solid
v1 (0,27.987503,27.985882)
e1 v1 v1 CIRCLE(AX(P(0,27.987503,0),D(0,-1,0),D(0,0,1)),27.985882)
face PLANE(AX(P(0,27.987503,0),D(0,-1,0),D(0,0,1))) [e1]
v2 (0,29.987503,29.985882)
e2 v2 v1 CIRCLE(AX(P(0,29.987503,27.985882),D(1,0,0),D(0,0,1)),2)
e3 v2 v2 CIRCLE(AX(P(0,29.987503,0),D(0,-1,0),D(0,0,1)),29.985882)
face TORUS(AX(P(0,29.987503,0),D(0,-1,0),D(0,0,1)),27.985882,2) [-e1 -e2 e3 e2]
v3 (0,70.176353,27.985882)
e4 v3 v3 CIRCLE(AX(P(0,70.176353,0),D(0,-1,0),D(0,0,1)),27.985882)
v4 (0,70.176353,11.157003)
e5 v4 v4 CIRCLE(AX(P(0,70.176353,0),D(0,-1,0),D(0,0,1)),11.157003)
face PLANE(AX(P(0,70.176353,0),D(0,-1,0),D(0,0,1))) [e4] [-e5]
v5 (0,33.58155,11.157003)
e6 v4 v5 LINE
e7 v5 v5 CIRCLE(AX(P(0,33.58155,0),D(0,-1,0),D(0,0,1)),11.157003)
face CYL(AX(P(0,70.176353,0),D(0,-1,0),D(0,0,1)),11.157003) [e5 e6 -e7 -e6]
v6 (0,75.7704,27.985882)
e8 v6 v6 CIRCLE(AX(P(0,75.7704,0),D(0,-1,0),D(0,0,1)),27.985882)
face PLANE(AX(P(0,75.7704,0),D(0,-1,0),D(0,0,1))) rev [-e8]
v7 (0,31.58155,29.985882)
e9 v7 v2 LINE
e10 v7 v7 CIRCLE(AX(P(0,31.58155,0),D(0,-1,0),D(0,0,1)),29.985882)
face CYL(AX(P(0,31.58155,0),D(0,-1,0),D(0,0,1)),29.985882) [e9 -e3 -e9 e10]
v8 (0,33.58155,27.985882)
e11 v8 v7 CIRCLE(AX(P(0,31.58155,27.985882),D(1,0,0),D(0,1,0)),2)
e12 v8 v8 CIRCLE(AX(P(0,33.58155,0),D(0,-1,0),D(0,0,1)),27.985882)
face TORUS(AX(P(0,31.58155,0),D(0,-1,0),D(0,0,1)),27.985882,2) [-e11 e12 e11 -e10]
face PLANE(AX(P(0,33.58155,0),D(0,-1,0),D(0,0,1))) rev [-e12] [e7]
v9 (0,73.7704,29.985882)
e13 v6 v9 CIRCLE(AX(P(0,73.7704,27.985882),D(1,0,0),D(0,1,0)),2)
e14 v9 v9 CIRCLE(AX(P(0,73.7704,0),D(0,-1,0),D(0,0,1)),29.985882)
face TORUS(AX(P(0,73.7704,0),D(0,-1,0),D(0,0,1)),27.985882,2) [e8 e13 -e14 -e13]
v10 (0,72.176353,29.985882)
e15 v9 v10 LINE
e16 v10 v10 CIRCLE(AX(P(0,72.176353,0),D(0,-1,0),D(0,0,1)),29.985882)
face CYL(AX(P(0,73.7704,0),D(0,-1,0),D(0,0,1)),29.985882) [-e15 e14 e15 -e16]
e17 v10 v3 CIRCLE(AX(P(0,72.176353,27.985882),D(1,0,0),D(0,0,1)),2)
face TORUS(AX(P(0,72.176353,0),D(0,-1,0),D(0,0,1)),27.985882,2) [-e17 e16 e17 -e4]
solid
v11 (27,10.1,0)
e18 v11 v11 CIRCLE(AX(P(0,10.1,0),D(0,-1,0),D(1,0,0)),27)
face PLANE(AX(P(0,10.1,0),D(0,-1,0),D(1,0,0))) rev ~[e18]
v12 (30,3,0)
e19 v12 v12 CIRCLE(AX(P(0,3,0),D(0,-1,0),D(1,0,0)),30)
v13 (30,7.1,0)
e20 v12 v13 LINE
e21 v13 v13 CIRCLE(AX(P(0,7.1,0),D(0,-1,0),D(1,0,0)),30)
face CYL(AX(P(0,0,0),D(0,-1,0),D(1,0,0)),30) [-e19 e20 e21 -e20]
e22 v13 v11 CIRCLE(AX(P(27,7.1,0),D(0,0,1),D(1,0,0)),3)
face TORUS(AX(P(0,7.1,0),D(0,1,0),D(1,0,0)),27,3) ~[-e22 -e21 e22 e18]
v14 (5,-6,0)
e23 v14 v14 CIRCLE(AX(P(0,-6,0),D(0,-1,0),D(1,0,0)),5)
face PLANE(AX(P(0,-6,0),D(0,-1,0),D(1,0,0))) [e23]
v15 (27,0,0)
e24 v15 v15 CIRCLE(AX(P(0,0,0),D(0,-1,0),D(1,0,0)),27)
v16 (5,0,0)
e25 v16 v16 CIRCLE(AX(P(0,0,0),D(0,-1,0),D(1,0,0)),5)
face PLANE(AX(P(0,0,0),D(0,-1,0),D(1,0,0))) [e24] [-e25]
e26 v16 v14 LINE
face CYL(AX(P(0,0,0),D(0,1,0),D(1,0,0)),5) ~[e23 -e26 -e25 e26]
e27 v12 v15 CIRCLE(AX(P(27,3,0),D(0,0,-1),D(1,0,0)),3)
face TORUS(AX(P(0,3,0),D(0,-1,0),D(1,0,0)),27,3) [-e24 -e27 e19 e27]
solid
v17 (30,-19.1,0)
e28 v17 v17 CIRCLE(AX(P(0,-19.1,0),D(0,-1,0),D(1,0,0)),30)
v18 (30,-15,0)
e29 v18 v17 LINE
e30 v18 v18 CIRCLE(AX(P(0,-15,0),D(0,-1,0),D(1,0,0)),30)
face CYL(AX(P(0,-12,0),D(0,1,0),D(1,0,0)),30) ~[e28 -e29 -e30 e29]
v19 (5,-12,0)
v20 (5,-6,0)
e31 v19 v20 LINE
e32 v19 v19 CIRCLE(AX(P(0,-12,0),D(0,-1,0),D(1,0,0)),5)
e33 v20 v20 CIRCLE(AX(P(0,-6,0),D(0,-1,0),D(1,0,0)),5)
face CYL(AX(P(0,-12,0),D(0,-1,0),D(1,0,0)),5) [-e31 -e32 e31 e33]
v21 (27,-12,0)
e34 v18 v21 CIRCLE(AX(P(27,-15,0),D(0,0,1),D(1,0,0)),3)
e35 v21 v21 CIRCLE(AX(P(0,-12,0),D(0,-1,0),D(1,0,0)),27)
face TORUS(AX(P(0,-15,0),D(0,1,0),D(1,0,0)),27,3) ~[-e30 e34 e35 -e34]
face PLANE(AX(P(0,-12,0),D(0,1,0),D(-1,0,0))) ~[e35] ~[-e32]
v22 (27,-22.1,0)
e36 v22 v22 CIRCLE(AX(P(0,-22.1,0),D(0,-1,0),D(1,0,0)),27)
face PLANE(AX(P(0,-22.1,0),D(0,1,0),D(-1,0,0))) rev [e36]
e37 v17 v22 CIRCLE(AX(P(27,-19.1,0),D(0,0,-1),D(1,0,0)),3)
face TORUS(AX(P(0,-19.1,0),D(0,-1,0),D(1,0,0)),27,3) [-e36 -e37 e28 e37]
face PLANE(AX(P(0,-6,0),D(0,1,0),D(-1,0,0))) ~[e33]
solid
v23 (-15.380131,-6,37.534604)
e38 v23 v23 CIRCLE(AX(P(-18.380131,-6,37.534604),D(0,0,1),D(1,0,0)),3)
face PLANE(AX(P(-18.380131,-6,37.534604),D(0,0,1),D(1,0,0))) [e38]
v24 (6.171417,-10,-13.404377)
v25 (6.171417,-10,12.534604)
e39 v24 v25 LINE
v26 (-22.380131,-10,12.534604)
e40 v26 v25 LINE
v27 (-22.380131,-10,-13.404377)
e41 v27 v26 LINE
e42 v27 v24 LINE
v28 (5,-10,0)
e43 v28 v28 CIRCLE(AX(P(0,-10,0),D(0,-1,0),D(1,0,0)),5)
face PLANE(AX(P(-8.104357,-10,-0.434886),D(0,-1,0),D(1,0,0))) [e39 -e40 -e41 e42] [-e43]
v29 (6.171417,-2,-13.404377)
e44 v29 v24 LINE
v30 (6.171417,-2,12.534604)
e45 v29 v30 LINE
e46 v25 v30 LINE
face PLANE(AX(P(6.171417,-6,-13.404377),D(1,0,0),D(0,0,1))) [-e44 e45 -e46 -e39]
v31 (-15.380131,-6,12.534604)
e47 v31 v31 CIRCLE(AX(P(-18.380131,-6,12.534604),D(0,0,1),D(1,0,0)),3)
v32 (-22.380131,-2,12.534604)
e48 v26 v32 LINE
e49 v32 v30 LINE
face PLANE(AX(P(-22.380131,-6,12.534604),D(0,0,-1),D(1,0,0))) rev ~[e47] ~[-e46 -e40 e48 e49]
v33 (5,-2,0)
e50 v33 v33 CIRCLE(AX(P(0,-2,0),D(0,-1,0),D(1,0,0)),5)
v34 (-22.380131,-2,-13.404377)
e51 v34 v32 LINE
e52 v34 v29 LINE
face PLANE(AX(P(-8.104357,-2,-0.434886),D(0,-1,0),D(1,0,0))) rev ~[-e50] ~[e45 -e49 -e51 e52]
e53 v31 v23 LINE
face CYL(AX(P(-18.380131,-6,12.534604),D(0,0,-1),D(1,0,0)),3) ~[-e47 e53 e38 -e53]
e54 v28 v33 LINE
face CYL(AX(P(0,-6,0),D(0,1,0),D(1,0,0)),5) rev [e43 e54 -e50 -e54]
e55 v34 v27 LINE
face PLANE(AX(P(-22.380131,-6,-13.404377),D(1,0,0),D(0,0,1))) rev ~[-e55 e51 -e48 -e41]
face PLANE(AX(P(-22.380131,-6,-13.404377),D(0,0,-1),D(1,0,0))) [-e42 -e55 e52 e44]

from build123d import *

# Parameters (mm, degrees)
F0_R     = 30
F1_DEPTH = 10.1
F2_R     = 3
F3_R     = 5
F4_DEPTH = 6
F6_W     = 28.5515487194
F6_H     = 25.9389816783
F6_R     = 5
F7_DEPTH = 4
F8_R     = 3
F9_DEPTH = 25


with BuildPart() as f1:
    # F0 (on Front) → F1 (new body)
    with BuildSketch(Plane.XZ):
        Circle(F0_R)
    extrude(amount=-F1_DEPTH)

    # F2
    f2_edges = [f1.edges().sort_by_distance(p)[0] for p in [
        (-30, 10.1, 0),
        (-30, 0, 0),
    ]]
    fillet(f2_edges, radius=F2_R)

    # F3 (on face) → F4 (join)
    with BuildSketch(Plane.XZ):
        Circle(F3_R)
    extrude(amount=F4_DEPTH)


with BuildPart() as f5_1:
    # F5: instance of F1
    add(f1.part.mirror(Plane.XZ.offset(6)))


with BuildPart() as f7:
    # F6 (on face) → F7 (new body, symmetric)
    with BuildSketch(Plane.XZ.offset(6)):
        with Locations((-8.1043570535, -0.4348864313)):
            Rectangle(F6_W, F6_H)
        Circle(F6_R, mode=Mode.SUBTRACT)
    extrude(amount=F7_DEPTH, both=True)

    # F8 (on face) → F9 (join)
    with BuildSketch(Plane.XY.offset(12.5346044078)):
        with Locations((-18.3801314132, -6)):
            Circle(F8_R)
    extrude(amount=F9_DEPTH)


with BuildPart() as f11:
    # F10 (on Right) → F11 (revolve)
    with BuildSketch(Plane.YZ):
        with BuildLine():
            Line((70.1763531864, 11.1570027396), (51.8789514899, 11.1570027396))
            Line((51.8789514899, 11.1570027396), (51.8789514899, 0))
            Line((51.8789514899, 0), (75.7704004645, 0))
            Line((75.7704004645, 0), (75.7704004645, 27.9858823419))
            ThreePointArc((75.7704004645, 27.9858823419), (75.1846140269, 29.4000959042), (73.7704004645, 29.9858823419))
            Line((73.7704004645, 29.9858823419), (72.1763531864, 29.9858823419))
            ThreePointArc((72.1763531864, 29.9858823419), (70.762139624, 29.4000959042), (70.1763531864, 27.9858823419))
            Line((70.1763531864, 27.9858823419), (70.1763531864, 11.1570027396))
        make_face()
        with BuildLine():
            Line((51.8789514899, 0), (51.8789514899, 11.1570027396))
            Line((51.8789514899, 11.1570027396), (33.5815497935, 11.1570027396))
            Line((33.5815497935, 11.1570027396), (33.5815497935, 27.9858823419))
            ThreePointArc((33.5815497935, 27.9858823419), (32.9957633559, 29.4000959042), (31.5815497935, 29.9858823419))
            Line((31.5815497935, 29.9858823419), (29.9875025153, 29.9858823419))
            ThreePointArc((29.9875025153, 29.9858823419), (28.5732889529, 29.4000959042), (27.9875025153, 27.9858823419))
            Line((27.9875025153, 27.9858823419), (27.9875025153, 0))
            Line((27.9875025153, 0), (51.8789514899, 0))
        make_face()
    revolve(axis=Axis((0, 63.8246759772, 0), (0, -1, 0)))


solid = Compound([f1.part, f5_1.part, f7.part, f11.part])
